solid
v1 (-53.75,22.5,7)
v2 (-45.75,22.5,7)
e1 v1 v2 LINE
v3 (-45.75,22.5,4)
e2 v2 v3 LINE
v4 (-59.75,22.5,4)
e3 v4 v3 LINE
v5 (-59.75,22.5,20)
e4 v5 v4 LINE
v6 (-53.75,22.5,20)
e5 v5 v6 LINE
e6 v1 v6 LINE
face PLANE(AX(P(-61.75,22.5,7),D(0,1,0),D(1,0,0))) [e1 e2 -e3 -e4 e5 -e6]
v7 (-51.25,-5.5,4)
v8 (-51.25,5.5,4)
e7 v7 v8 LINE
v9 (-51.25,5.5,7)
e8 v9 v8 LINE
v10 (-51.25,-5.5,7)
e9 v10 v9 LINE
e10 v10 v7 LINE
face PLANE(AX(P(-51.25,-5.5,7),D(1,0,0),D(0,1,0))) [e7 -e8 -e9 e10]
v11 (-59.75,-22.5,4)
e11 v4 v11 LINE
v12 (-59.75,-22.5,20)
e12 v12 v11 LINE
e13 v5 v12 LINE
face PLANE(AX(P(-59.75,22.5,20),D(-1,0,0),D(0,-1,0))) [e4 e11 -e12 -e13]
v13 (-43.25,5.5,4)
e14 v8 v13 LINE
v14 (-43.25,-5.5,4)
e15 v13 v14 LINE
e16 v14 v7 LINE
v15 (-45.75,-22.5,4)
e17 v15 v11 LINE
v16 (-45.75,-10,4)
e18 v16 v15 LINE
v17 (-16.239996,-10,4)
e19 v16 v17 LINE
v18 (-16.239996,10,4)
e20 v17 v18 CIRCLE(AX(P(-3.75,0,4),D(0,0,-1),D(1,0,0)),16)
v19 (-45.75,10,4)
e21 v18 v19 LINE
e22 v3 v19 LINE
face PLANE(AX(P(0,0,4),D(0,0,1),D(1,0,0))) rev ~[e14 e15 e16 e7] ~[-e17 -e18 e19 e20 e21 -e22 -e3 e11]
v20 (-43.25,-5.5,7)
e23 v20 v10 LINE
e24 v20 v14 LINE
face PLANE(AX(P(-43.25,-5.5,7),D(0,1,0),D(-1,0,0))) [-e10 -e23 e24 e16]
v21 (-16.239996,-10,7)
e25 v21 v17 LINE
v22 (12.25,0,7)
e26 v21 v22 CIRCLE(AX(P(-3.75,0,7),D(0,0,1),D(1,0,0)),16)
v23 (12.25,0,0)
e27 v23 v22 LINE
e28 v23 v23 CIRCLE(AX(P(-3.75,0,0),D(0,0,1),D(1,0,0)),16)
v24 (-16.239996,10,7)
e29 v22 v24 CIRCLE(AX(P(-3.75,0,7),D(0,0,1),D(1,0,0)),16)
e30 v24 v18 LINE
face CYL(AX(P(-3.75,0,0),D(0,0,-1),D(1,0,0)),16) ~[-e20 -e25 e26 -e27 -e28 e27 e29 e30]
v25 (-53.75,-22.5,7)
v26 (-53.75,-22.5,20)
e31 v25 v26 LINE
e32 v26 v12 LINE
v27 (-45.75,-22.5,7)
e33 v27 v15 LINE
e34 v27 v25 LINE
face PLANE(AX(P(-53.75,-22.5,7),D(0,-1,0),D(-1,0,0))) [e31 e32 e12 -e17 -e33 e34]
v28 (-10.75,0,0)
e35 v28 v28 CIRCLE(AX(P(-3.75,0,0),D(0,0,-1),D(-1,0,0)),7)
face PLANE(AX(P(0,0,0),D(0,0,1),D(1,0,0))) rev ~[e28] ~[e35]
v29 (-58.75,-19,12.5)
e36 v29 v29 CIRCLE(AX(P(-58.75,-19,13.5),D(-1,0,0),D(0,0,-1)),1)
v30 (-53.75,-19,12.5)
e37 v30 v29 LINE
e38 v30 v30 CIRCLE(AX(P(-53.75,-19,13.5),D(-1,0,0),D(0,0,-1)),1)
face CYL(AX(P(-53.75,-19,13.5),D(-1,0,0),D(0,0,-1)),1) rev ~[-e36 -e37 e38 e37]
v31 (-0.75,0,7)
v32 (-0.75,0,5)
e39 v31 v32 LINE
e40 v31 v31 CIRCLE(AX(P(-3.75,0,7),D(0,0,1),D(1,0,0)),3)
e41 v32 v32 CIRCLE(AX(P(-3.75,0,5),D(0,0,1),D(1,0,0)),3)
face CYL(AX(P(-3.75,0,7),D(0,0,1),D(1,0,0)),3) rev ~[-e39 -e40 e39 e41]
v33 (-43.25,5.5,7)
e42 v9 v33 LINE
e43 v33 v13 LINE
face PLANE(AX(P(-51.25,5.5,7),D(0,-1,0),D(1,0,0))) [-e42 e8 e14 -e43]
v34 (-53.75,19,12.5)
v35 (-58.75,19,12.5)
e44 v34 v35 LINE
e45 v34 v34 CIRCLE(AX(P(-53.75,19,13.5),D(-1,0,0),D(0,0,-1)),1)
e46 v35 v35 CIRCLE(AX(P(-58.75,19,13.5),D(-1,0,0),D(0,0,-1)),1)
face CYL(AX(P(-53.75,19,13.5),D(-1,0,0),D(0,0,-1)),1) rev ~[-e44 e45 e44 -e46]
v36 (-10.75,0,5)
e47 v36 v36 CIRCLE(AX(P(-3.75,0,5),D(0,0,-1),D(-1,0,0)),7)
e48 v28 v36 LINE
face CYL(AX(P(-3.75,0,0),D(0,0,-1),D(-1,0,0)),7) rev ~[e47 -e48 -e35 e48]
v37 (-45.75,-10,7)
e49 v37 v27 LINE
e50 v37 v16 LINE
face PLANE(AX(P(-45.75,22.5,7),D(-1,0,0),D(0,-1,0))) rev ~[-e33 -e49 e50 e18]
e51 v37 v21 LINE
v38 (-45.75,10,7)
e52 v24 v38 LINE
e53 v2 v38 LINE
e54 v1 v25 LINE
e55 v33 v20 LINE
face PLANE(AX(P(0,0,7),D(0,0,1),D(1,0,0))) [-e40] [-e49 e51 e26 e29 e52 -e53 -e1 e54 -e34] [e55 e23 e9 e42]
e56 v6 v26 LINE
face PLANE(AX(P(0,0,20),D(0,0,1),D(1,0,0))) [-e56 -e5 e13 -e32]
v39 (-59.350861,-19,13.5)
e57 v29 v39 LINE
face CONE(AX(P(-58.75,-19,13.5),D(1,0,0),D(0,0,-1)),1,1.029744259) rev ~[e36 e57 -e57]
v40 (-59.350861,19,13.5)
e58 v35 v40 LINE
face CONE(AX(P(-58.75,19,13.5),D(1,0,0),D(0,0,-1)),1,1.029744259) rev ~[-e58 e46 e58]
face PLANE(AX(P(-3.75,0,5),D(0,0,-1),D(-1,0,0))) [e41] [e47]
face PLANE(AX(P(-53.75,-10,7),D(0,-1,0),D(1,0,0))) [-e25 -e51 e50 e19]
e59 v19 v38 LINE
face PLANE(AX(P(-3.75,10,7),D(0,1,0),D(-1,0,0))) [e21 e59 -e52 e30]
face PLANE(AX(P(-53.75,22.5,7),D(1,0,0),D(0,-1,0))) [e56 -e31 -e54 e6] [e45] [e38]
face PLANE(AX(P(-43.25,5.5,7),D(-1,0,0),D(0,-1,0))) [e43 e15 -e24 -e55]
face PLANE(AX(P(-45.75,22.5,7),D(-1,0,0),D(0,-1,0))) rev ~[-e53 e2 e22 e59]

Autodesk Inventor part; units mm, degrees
ref_plane "YZ Plane" through (0, 0, 0) normal (1, 0, 0) x (0, 1, 0)
ref_plane "XZ Plane" through (0, 0, 0) normal (0, 1, 0) x (-1, 0, 0)
ref_plane "XY Plane" through (0, 0, 0) normal (0, 0, 1) x (1, 0, 0)
sketch "Sketch1" plane through (0, 0, 0) normal (0, 0, 1) x (1, 0, 0)
  line L0 (-15.25, 6.5) -> (-15.25, -6.5) construction
  line L1 (18.75, 6.5) -> (-15.25, 6.5) construction
  line L2 (18.75, -6.5) -> (18.75, 6.5) construction
  line L3 (-15.25, -6.5) -> (18.75, -6.5) construction
  line L4 (9.8054, 8.5) -> (19.75, 8.5) construction
  arc A0 (9.8054, 8.5) -> (9.8054, -8.5) centre (-3.75, 0) ccw construction
  line L5 (19.75, -8.5) -> (9.8054, -8.5) construction
  line L6 (19.75, 8.5) -> (19.75, -8.5) construction
  circle A1 centre (-3.75, 0) radius 16
  point P0 (0, 0)
extrude "Extrusion1" add sketch "Sketch1" along normal blind 7
sketch "Sketch4" plane through (-3.75, 0, 7) normal (0, 0, 1) x (1, 0, 0)
  line L0 (0, 0) -> (-50, 0) construction
  line L1 (0, 10) -> (-50, 10)
  line L2 (-50, -10) -> (0, -10)
  arc A0 (0, -10) -> (0, 10) centre (0, 0) ccw
  arc A1 (-50, 10) -> (-50, -10) centre (-50, 0) ccw
  point P0 (3.75, 0)
  point P1 (-25, 0)
  dimension "d6" = 50
  dimension "d7" = 10
extrude "Extrusion3" add sketch "Sketch4" against normal blind 3
sketch "Sketch5" plane through (0, 0, 7) normal (0, 0, 1) x (1, 0, 0)
  arc A0 (-53.75, 10) -> (-53.75, -10) centre (-53.75, 0) ccw construction
  line L0 (-53.75, -10) -> (-16.24, -10) construction
  line L1 (-16.24, 10) -> (-53.75, 10) construction
  line L2 (-45.75, -22.5) -> (-61.75, -22.5)
  line L3 (-61.75, -22.5) -> (-61.75, 22.5)
  line L4 (-61.75, 22.5) -> (-45.75, 22.5)
  line L5 (-45.75, 22.5) -> (-45.75, -22.5)
  line L6 (-61.75, -22.5) -> (-45.75, 22.5) construction
  line L7 (-45.75, -22.5) -> (-61.75, 22.5) construction
  line L8 (-77.75, -22.5) -> (-61.75, -22.5)
  line L9 (-61.75, -22.5) -> (-61.75, 22.5)
  line L10 (-61.75, 22.5) -> (-77.75, 22.5)
  line L11 (-77.75, 22.5) -> (-77.75, -22.5)
  point P0 (0, 0)
  dimension "d10" = 45
  dimension "d11" = 16
  dimension "d12" = 16
extrude "Extrusion4" cut sketch "Sketch5" against normal blind 3 contours L8 L11 L10 L3
extrude "Extrusion5" add sketch "Sketch5" against normal blind 3 contours L2 L3 L4 L5
sketch "Sketch6" plane through (0, 0, 7) normal (0, 0, 1) x (1, 0, 0)
  line L0 (-53.75, -22.5) -> (-61.75, -22.5)
  line L1 (-61.75, -22.5) -> (-61.75, 22.5)
  line L2 (-61.75, 22.5) -> (-53.75, 22.5)
  line L3 (-53.75, 22.5) -> (-53.75, -22.5)
  line L4 (-61.75, -22.5) -> (-61.75, 22.5) construction
  line L5 (-45.75, -22.5) -> (-61.75, -22.5) projected
  line L6 (-61.75, 22.5) -> (-45.75, 22.5) projected
  point P0 (0, 0)
  dimension "d17" = 8
extrude "Extrusion6" add sketch "Sketch6" along normal blind 13
sketch "Sketch7" plane through (0, 0, 7) normal (0, 0, 1) x (1, 0, 0)
  line L0 (-43.25, -5.5) -> (-51.25, -5.5)
  line L1 (-51.25, -5.5) -> (-51.25, 5.5)
  line L2 (-51.25, 5.5) -> (-43.25, 5.5)
  line L3 (-43.25, 5.5) -> (-43.25, -5.5)
  line L4 (-53.75, -22.5) -> (-53.75, 22.5) projected
  line L5 (-53.75, -22.5) -> (-51.25, -5.5) construction
  line L6 (-51.25, 5.5) -> (-53.75, 22.5) construction
  point P0 (0, 0)
  dimension "d20" = 2.5
  dimension "d21" = 8
  dimension "d22" = 11
extrude "Extrusion7" cut sketch "Sketch7" against normal through all
sketch "Sketch8" plane through (0, 0, 20) normal (0, 0, 1) x (1, 0, 0)
  line L0 (-59.75, -22.5) -> (-61.75, -22.5)
  line L1 (-61.75, -22.5) -> (-61.75, 22.5)
  line L2 (-61.75, 22.5) -> (-59.75, 22.5)
  line L3 (-59.75, 22.5) -> (-59.75, -22.5)
  line L4 (-61.75, 22.5) -> (-61.75, -22.5) projected
  line L5 (-61.75, -22.5) -> (-53.75, -22.5) projected
  line L6 (-53.75, 22.5) -> (-61.75, 22.5) projected
  point P0 (0, 0)
  dimension "d25" = 2
extrude "Extrusion8" cut sketch "Sketch8" against normal through all
ref_plane "Work Plane1" through (-3.75, 0, 3.5) normal (0, 0, -1) x (-1, 0, 0)
sketch "Sketch12" plane through (0, 0, 7) normal (0, 0, 1) x (1, 0, 0)
  arc A0 (-16.24, -10) -> (-16.24, 10) centre (-3.75, 0) ccw projected
  circle A1 centre (-3.75, 0) radius 3
  point P0 (0, 0)
  dimension "d46" = 6
extrude "Extrusion11" cut sketch "Sketch12" against normal through all
sketch "Sketch13" plane through (-53.75, -22.5, 7) normal (1, 0, 0) x (0, 0, -1)
  line L0 (0, 45) -> (-13, 45) projected
  line L1 (0, 0) -> (-13, 0) projected
  line L2 (-13, 0) -> (-13, 45) construction
  line L3 (0, 12.5) -> (0, 0) construction
  line L4 (0, 45) -> (0, 32.5) construction
  line L5 (-6.5, 3.5) -> (-13, 3.5) construction
  line L6 (-6.5, 3.5) -> (0, 3.5) construction
  line L7 (-6.5, 41.5) -> (-13, 41.5) construction
  line L8 (-6.5, 41.5) -> (0, 41.5) construction
  point P0 (7, 22.5)
  dimension "d37" = 3.5
  dimension "d38" = 3.5
hole "Hole1" at (-53.75, -19, 13.5) at (-53.75, 19, 13.5) direction (-1, 0, 0) diameter 2 depth 5 tip angle 118
sketch "Sketch14" plane through (-3.75, 0, 0) normal (0, 0, -1) x (-1, 0, 0)
  circle A0 centre (0, 0) radius 7
  point P0 (-3.75, 0)
  dimension "d47" = 14
extrude "Extrusion12" cut sketch "Sketch14" against normal blind 5
equation "\"d38\" = d37"
properties part number "arm" material "Ogólne"
